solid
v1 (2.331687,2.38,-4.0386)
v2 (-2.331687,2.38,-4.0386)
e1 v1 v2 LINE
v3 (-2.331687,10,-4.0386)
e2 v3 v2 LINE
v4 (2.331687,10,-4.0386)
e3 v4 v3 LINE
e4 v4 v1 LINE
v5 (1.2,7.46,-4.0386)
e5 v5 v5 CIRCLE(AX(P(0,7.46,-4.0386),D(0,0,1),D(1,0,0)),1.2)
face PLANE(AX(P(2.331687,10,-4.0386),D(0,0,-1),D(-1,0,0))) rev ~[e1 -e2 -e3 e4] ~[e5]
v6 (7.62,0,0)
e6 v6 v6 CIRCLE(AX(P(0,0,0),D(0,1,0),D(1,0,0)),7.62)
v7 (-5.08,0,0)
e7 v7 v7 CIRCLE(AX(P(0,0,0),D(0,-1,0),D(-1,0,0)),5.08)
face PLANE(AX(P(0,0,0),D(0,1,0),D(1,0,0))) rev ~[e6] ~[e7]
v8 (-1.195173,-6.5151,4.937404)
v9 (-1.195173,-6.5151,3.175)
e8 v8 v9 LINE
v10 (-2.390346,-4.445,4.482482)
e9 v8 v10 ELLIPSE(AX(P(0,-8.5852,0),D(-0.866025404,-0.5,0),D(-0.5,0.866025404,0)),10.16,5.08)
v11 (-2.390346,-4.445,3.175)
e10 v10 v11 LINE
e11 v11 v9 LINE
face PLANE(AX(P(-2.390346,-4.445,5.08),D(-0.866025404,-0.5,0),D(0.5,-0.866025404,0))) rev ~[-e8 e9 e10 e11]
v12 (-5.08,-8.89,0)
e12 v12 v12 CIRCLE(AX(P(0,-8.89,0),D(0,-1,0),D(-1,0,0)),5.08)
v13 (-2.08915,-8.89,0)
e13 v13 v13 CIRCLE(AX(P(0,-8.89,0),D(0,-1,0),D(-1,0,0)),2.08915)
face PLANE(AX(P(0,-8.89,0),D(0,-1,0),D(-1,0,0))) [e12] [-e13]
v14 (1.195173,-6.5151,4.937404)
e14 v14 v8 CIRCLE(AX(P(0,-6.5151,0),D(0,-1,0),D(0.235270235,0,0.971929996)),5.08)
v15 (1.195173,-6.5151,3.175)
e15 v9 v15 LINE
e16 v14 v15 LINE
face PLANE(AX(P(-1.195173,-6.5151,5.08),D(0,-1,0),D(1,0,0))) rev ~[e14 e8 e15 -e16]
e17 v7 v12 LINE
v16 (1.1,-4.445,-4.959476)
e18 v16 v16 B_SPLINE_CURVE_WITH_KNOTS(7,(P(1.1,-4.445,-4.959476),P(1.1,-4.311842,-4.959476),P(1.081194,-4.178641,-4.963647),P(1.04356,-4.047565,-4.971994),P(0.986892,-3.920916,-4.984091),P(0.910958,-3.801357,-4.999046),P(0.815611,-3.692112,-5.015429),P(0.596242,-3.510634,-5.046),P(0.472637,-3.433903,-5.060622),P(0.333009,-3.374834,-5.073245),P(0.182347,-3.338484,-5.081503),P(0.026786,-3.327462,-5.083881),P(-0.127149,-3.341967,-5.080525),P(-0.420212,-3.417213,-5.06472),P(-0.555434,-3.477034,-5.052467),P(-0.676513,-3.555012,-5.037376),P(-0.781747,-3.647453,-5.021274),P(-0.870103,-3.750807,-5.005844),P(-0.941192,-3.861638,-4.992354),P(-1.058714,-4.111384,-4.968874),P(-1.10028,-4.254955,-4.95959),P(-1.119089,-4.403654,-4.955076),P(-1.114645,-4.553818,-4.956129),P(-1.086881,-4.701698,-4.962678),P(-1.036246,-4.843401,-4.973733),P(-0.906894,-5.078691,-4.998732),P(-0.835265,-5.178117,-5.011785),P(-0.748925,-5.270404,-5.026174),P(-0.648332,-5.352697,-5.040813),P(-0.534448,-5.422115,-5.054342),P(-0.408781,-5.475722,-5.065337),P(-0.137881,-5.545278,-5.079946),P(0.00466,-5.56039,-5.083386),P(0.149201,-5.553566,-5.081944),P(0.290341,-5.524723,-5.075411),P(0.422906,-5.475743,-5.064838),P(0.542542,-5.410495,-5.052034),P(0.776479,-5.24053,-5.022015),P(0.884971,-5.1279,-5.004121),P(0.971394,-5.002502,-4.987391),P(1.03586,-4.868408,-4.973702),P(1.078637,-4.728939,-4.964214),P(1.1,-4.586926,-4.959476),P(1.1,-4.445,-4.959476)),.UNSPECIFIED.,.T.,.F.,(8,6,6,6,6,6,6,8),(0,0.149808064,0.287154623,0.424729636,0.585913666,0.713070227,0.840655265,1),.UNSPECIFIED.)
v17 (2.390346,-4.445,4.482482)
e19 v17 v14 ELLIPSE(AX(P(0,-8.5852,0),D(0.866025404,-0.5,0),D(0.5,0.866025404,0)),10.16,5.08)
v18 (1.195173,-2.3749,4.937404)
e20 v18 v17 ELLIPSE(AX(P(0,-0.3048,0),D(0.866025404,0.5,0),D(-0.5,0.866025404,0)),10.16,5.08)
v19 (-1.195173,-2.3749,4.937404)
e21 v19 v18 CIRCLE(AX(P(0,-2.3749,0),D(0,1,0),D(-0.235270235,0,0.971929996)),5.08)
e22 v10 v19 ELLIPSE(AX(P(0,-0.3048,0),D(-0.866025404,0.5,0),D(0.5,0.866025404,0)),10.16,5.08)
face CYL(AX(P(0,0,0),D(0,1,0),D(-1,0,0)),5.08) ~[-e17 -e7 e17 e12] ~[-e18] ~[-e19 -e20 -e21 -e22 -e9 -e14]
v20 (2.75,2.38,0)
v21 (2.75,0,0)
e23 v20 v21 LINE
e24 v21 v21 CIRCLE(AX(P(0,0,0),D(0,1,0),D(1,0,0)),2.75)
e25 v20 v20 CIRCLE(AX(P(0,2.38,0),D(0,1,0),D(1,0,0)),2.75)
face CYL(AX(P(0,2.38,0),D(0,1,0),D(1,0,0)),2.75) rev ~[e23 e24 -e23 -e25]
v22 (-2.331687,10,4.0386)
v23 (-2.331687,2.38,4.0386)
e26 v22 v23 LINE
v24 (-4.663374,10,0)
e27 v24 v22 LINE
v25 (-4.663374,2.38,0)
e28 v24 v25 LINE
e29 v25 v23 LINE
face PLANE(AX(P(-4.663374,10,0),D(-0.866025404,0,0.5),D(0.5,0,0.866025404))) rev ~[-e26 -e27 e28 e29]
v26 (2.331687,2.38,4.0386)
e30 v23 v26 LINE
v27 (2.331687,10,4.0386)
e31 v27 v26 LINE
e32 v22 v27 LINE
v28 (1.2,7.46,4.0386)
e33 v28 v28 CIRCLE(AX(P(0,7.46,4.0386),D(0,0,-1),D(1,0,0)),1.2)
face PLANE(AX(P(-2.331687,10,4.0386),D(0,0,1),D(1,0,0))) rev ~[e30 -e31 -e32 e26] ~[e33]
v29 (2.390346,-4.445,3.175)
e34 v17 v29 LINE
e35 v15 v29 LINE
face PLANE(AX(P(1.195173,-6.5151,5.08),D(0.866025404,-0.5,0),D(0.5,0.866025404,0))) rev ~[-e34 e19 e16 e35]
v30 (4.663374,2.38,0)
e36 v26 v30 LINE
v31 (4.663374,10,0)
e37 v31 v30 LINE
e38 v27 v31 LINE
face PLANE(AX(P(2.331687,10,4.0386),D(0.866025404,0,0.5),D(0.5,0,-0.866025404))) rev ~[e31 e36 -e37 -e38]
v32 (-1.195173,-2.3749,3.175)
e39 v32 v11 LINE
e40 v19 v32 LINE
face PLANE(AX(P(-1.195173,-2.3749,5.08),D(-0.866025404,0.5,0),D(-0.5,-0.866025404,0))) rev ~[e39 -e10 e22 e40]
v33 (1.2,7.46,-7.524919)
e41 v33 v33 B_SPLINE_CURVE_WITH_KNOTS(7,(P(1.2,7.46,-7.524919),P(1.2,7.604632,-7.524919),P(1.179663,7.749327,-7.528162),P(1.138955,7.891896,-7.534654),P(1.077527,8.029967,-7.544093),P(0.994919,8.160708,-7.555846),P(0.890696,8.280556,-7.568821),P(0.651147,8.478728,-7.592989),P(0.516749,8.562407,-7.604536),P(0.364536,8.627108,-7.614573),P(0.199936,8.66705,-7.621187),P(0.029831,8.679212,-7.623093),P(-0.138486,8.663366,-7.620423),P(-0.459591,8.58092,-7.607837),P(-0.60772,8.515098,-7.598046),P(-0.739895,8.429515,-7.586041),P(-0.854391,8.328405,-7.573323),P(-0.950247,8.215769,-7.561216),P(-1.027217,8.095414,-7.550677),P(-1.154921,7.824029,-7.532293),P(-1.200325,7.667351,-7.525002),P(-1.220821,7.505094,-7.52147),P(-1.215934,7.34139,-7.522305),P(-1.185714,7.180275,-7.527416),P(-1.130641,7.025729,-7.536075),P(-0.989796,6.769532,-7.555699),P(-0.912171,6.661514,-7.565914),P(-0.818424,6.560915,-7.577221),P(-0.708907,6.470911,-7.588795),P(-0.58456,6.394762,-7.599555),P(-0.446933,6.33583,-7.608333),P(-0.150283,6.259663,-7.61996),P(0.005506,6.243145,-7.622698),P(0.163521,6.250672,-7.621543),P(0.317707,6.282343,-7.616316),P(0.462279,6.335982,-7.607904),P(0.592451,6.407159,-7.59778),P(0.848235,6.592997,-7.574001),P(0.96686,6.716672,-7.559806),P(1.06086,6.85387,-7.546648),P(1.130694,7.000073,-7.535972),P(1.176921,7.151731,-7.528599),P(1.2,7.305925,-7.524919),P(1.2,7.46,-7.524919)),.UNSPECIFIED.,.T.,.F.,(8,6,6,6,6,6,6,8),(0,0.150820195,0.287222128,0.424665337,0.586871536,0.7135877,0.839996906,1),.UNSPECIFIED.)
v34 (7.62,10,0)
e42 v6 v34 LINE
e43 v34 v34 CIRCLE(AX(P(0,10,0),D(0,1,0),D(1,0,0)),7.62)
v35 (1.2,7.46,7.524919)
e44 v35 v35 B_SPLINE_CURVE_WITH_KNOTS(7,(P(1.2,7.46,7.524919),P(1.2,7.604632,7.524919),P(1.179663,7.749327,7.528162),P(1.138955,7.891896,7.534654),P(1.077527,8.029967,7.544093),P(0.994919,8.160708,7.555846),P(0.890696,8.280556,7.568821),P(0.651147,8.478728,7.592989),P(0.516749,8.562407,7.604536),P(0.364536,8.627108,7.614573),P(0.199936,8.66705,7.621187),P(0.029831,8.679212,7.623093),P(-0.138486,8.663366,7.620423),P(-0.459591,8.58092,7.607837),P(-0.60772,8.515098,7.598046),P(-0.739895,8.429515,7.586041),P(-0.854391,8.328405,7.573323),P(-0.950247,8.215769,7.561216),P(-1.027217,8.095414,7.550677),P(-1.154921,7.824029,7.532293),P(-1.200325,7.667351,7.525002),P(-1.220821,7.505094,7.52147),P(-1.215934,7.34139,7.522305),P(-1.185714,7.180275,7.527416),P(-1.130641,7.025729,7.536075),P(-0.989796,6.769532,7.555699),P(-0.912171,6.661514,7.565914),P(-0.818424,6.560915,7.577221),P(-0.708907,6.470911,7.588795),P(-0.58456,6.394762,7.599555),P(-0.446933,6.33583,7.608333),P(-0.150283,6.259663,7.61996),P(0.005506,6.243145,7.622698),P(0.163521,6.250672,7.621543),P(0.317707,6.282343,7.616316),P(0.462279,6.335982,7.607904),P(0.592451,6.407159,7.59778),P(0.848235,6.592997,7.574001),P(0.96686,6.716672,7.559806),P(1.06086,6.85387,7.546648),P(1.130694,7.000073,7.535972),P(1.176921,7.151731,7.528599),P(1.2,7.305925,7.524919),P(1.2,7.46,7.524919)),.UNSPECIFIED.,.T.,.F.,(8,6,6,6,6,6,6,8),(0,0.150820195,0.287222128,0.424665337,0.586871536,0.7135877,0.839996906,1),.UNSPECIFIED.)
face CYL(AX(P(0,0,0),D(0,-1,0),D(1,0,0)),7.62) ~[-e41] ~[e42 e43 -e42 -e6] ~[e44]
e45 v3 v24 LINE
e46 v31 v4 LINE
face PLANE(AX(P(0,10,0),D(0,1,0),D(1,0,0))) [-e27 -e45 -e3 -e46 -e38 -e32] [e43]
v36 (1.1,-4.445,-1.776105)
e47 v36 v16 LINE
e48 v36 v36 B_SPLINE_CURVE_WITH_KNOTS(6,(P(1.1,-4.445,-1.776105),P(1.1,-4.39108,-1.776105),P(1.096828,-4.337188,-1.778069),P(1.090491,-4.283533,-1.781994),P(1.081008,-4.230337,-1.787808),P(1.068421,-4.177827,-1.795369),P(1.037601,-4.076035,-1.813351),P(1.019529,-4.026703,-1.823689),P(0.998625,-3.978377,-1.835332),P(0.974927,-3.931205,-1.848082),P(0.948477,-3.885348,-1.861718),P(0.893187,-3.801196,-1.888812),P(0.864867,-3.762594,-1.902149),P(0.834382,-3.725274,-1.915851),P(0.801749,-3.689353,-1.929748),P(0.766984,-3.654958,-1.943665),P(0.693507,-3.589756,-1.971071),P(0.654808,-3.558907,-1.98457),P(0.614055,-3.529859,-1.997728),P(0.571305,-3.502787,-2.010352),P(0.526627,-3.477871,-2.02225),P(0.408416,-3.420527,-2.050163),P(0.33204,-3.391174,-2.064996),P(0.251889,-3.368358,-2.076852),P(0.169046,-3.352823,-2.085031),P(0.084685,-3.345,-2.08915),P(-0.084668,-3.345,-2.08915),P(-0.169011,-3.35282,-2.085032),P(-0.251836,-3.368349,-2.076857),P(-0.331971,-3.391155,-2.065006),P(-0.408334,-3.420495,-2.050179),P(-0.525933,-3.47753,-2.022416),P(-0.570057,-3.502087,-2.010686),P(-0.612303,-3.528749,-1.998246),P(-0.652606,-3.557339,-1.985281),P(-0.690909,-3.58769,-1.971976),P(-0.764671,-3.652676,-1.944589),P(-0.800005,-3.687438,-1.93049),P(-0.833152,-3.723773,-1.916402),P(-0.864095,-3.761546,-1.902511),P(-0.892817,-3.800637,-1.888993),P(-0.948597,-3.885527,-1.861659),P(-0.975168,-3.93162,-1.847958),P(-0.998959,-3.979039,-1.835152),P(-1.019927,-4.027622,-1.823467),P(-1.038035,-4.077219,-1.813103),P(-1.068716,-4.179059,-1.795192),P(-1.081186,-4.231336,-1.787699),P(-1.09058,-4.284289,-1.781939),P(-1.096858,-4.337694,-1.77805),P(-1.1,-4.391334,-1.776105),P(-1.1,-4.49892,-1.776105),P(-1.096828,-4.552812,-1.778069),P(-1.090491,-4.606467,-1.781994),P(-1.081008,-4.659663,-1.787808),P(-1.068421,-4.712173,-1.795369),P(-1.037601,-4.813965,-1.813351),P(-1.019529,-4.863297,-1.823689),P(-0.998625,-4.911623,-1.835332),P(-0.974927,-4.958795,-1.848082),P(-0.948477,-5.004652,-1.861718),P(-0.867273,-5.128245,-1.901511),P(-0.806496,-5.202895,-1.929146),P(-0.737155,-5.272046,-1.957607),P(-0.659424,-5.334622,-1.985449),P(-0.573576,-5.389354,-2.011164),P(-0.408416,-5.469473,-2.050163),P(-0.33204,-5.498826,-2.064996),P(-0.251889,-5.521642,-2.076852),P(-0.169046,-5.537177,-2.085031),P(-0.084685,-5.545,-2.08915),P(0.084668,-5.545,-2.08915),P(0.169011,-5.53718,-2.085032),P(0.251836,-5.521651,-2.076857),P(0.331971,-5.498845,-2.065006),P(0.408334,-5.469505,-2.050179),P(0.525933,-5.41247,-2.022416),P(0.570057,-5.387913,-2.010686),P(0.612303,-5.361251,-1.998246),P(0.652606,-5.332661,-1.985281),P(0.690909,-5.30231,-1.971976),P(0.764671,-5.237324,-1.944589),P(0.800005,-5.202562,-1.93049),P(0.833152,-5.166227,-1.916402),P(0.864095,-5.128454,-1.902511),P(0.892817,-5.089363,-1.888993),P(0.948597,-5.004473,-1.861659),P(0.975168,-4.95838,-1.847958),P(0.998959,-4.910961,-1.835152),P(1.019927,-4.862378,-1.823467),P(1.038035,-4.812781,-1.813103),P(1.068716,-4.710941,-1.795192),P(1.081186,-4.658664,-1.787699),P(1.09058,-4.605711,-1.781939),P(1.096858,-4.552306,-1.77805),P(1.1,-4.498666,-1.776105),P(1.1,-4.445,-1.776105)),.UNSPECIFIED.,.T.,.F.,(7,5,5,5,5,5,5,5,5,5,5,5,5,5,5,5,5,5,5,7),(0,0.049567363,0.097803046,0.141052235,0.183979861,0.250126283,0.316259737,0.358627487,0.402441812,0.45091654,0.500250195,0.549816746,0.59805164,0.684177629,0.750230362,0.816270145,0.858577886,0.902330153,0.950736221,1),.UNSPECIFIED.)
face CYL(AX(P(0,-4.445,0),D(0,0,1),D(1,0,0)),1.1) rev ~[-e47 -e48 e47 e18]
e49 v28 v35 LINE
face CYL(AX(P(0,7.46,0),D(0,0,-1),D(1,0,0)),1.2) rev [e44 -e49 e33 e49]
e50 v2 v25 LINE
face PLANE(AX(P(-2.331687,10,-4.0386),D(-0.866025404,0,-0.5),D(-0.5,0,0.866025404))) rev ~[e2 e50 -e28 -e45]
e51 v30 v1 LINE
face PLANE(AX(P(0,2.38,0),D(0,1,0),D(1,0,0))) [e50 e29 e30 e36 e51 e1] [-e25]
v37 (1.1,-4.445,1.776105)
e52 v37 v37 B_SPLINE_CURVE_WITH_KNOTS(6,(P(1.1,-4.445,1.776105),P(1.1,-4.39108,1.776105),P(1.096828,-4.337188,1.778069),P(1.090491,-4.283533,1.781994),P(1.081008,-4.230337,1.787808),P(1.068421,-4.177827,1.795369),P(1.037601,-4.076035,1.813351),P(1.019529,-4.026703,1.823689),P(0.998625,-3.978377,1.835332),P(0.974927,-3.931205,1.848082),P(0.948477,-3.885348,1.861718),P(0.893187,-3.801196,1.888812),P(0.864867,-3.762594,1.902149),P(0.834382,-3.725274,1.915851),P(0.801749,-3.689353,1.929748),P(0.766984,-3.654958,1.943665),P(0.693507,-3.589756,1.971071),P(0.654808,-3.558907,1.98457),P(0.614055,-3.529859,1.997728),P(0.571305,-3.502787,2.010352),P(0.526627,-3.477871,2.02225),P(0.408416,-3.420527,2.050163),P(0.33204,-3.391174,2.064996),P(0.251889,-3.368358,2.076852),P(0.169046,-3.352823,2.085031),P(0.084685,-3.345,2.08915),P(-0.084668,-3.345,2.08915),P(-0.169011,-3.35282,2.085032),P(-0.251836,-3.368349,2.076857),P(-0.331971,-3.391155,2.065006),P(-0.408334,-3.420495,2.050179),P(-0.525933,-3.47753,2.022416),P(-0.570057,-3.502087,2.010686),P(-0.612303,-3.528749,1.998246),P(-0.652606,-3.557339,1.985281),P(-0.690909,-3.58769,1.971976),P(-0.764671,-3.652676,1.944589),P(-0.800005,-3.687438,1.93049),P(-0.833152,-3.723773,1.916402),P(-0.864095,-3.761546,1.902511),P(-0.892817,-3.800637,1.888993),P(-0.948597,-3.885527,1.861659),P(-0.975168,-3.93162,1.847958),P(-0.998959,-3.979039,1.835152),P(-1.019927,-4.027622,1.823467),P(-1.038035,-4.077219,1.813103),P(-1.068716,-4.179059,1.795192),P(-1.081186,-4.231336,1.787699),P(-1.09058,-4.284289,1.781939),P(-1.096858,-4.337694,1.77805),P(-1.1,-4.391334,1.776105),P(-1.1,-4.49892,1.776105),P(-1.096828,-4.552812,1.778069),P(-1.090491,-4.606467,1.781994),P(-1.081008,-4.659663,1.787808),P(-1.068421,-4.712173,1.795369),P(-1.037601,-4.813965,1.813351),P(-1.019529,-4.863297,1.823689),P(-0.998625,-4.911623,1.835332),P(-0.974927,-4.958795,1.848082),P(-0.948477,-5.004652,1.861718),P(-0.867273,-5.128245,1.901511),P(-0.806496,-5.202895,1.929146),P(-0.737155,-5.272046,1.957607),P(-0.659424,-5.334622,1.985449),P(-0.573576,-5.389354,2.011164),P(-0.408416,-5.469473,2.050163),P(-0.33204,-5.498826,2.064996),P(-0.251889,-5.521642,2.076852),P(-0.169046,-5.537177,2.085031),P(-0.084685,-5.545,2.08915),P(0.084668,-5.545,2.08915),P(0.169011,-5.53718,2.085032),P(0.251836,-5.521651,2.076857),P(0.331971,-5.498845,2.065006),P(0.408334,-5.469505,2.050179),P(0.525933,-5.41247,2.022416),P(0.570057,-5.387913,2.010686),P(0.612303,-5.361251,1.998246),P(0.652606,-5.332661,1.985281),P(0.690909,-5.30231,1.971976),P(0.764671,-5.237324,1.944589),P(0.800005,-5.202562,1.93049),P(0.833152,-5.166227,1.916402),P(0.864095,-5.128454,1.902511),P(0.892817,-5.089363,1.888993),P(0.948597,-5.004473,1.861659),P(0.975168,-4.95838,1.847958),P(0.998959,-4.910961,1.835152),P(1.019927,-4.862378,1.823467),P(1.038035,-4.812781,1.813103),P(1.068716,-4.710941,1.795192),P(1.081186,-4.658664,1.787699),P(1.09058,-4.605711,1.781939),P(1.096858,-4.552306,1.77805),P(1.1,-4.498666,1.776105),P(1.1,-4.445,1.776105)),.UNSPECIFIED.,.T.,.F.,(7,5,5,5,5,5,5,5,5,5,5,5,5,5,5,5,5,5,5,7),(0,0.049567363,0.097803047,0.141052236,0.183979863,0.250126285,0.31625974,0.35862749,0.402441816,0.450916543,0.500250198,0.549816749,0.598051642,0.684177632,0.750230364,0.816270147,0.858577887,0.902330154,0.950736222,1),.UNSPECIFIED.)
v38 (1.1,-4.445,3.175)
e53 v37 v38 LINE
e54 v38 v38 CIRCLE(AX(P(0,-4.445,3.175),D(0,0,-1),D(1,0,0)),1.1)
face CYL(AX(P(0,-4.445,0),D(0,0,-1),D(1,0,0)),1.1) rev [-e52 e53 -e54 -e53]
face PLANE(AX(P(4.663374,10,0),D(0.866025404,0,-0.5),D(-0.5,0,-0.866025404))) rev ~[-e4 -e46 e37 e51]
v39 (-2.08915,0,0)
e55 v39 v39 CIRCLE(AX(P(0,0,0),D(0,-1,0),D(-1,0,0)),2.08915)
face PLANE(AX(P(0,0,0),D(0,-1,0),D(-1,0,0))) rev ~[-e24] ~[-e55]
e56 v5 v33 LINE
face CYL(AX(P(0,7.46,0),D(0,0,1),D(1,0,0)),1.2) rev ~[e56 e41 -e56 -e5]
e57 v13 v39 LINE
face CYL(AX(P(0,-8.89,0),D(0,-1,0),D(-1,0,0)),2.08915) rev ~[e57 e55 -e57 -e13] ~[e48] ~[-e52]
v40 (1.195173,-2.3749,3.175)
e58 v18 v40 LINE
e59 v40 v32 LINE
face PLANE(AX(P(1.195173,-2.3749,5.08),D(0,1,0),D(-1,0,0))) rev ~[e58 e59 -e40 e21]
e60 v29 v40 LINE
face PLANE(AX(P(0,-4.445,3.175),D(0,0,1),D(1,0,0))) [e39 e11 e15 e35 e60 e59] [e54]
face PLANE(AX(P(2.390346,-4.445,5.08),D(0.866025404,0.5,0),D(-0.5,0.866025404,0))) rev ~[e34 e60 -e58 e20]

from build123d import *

# Parameters (mm, degrees)
SKETCH1_R               = 7.62
BOSS_EXTRUDE1_DEPTH     = 10
CUT_EXTRUDE1_DEPTH      = 7.62
SKETCH4_R               = 2.75
CUT_EXTRUDE2_DEPTH      = 9.5
SKETCH5_R               = 5.08
BOSS_EXTRUDE2_DEPTH     = 8.89
CUT_EXTRUDE3_REACH      = 20.89
SKETCH6_R               = 2.08915
SKETCH7_R               = 1.1
CUT_EXTRUDE4_DEPTH      = 8.89
CUT_EXTRUDE4_DEPTH_BACK = 8.89
SKETCH8_R               = 1.2
CUT_EXTRUDE5_DEPTH      = 8.89
CUT_EXTRUDE5_DEPTH_BACK = 8.89
CUT_EXTRUDE6_DEPTH      = 1.905


with BuildPart() as part:
    # Sketch1 → Boss-Extrude1 (new body)
    with BuildSketch(Plane(origin=(0, 0, 0), x_dir=(1, 0, 0), z_dir=(0, 1, 0))):
        Circle(SKETCH1_R)
    extrude(amount=BOSS_EXTRUDE1_DEPTH)

    # Sketch2 → Cut-Extrude1 (cut)
    with BuildSketch(Plane(origin=(0, 10, 0), x_dir=(1, 0, 0), z_dir=(0, 1, 0))):
        Polygon((-2.331686797, 4.0386), (-4.663373594, 0), (-2.331686797, -4.0386), (2.331686797, -4.0386), (4.663373594, 0), (2.331686797, 4.0386), align=None)
    extrude(amount=-CUT_EXTRUDE1_DEPTH, mode=Mode.SUBTRACT)

    # Sketch4 → Cut-Extrude2 (cut)
    with BuildSketch(Plane(origin=(0, 2.38, 0), x_dir=(1, 0, 0), z_dir=(0, 1, 0))):
        Circle(SKETCH4_R)
    extrude(amount=-CUT_EXTRUDE2_DEPTH, mode=Mode.SUBTRACT)

    # Sketch5 → Boss-Extrude2 (add)
    with BuildSketch(Plane(origin=(0, 0, 0), x_dir=(-1, 0, 0), z_dir=(0, -1, 0))):
        Circle(SKETCH5_R)
    extrude(amount=BOSS_EXTRUDE2_DEPTH)

    # Sketch6 → Cut-Extrude3 (cut, up to next)
    with BuildSketch(Plane(origin=(0, -8.89, 0), x_dir=(-1, 0, 0), z_dir=(0, -1, 0)), mode=Mode.PRIVATE) as cut_extrude3_sk1:
        Circle(SKETCH6_R)
    cut_extrude3_tool1 = extrude(cut_extrude3_sk1.sketch, amount=-CUT_EXTRUDE3_REACH, mode=Mode.PRIVATE) & part.part
    add(cut_extrude3_tool1.solids().sort_by_distance((0, -8.89, 0))[0], mode=Mode.SUBTRACT)

    # Sketch7 → Cut-Extrude4 (cut, two sides)
    with BuildSketch(Plane.XY) as cut_extrude4_sk:
        with Locations((0, -4.445)):
            Circle(SKETCH7_R)
    extrude(amount=CUT_EXTRUDE4_DEPTH, mode=Mode.SUBTRACT)
    extrude(cut_extrude4_sk.sketch, amount=-CUT_EXTRUDE4_DEPTH_BACK, mode=Mode.SUBTRACT)

    # Sketch8 → Cut-Extrude5 (cut, two sides)
    with BuildSketch(Plane.XY) as cut_extrude5_sk:
        with Locations((0, 7.46)):
            Circle(SKETCH8_R)
    extrude(amount=CUT_EXTRUDE5_DEPTH, mode=Mode.SUBTRACT)
    extrude(cut_extrude5_sk.sketch, amount=-CUT_EXTRUDE5_DEPTH_BACK, mode=Mode.SUBTRACT)

    # Sketch9 → Cut-Extrude6 (cut)
    with BuildSketch(Plane.XY.offset(5.08)):
        Polygon((1.195172792, -2.3749), (-1.195172792, -2.3749), (-2.390345584, -4.445), (-1.195172792, -6.5151), (1.195172792, -6.5151), (2.390345584, -4.445), align=None)
    extrude(amount=-CUT_EXTRUDE6_DEPTH, mode=Mode.SUBTRACT)


solid = part.part
